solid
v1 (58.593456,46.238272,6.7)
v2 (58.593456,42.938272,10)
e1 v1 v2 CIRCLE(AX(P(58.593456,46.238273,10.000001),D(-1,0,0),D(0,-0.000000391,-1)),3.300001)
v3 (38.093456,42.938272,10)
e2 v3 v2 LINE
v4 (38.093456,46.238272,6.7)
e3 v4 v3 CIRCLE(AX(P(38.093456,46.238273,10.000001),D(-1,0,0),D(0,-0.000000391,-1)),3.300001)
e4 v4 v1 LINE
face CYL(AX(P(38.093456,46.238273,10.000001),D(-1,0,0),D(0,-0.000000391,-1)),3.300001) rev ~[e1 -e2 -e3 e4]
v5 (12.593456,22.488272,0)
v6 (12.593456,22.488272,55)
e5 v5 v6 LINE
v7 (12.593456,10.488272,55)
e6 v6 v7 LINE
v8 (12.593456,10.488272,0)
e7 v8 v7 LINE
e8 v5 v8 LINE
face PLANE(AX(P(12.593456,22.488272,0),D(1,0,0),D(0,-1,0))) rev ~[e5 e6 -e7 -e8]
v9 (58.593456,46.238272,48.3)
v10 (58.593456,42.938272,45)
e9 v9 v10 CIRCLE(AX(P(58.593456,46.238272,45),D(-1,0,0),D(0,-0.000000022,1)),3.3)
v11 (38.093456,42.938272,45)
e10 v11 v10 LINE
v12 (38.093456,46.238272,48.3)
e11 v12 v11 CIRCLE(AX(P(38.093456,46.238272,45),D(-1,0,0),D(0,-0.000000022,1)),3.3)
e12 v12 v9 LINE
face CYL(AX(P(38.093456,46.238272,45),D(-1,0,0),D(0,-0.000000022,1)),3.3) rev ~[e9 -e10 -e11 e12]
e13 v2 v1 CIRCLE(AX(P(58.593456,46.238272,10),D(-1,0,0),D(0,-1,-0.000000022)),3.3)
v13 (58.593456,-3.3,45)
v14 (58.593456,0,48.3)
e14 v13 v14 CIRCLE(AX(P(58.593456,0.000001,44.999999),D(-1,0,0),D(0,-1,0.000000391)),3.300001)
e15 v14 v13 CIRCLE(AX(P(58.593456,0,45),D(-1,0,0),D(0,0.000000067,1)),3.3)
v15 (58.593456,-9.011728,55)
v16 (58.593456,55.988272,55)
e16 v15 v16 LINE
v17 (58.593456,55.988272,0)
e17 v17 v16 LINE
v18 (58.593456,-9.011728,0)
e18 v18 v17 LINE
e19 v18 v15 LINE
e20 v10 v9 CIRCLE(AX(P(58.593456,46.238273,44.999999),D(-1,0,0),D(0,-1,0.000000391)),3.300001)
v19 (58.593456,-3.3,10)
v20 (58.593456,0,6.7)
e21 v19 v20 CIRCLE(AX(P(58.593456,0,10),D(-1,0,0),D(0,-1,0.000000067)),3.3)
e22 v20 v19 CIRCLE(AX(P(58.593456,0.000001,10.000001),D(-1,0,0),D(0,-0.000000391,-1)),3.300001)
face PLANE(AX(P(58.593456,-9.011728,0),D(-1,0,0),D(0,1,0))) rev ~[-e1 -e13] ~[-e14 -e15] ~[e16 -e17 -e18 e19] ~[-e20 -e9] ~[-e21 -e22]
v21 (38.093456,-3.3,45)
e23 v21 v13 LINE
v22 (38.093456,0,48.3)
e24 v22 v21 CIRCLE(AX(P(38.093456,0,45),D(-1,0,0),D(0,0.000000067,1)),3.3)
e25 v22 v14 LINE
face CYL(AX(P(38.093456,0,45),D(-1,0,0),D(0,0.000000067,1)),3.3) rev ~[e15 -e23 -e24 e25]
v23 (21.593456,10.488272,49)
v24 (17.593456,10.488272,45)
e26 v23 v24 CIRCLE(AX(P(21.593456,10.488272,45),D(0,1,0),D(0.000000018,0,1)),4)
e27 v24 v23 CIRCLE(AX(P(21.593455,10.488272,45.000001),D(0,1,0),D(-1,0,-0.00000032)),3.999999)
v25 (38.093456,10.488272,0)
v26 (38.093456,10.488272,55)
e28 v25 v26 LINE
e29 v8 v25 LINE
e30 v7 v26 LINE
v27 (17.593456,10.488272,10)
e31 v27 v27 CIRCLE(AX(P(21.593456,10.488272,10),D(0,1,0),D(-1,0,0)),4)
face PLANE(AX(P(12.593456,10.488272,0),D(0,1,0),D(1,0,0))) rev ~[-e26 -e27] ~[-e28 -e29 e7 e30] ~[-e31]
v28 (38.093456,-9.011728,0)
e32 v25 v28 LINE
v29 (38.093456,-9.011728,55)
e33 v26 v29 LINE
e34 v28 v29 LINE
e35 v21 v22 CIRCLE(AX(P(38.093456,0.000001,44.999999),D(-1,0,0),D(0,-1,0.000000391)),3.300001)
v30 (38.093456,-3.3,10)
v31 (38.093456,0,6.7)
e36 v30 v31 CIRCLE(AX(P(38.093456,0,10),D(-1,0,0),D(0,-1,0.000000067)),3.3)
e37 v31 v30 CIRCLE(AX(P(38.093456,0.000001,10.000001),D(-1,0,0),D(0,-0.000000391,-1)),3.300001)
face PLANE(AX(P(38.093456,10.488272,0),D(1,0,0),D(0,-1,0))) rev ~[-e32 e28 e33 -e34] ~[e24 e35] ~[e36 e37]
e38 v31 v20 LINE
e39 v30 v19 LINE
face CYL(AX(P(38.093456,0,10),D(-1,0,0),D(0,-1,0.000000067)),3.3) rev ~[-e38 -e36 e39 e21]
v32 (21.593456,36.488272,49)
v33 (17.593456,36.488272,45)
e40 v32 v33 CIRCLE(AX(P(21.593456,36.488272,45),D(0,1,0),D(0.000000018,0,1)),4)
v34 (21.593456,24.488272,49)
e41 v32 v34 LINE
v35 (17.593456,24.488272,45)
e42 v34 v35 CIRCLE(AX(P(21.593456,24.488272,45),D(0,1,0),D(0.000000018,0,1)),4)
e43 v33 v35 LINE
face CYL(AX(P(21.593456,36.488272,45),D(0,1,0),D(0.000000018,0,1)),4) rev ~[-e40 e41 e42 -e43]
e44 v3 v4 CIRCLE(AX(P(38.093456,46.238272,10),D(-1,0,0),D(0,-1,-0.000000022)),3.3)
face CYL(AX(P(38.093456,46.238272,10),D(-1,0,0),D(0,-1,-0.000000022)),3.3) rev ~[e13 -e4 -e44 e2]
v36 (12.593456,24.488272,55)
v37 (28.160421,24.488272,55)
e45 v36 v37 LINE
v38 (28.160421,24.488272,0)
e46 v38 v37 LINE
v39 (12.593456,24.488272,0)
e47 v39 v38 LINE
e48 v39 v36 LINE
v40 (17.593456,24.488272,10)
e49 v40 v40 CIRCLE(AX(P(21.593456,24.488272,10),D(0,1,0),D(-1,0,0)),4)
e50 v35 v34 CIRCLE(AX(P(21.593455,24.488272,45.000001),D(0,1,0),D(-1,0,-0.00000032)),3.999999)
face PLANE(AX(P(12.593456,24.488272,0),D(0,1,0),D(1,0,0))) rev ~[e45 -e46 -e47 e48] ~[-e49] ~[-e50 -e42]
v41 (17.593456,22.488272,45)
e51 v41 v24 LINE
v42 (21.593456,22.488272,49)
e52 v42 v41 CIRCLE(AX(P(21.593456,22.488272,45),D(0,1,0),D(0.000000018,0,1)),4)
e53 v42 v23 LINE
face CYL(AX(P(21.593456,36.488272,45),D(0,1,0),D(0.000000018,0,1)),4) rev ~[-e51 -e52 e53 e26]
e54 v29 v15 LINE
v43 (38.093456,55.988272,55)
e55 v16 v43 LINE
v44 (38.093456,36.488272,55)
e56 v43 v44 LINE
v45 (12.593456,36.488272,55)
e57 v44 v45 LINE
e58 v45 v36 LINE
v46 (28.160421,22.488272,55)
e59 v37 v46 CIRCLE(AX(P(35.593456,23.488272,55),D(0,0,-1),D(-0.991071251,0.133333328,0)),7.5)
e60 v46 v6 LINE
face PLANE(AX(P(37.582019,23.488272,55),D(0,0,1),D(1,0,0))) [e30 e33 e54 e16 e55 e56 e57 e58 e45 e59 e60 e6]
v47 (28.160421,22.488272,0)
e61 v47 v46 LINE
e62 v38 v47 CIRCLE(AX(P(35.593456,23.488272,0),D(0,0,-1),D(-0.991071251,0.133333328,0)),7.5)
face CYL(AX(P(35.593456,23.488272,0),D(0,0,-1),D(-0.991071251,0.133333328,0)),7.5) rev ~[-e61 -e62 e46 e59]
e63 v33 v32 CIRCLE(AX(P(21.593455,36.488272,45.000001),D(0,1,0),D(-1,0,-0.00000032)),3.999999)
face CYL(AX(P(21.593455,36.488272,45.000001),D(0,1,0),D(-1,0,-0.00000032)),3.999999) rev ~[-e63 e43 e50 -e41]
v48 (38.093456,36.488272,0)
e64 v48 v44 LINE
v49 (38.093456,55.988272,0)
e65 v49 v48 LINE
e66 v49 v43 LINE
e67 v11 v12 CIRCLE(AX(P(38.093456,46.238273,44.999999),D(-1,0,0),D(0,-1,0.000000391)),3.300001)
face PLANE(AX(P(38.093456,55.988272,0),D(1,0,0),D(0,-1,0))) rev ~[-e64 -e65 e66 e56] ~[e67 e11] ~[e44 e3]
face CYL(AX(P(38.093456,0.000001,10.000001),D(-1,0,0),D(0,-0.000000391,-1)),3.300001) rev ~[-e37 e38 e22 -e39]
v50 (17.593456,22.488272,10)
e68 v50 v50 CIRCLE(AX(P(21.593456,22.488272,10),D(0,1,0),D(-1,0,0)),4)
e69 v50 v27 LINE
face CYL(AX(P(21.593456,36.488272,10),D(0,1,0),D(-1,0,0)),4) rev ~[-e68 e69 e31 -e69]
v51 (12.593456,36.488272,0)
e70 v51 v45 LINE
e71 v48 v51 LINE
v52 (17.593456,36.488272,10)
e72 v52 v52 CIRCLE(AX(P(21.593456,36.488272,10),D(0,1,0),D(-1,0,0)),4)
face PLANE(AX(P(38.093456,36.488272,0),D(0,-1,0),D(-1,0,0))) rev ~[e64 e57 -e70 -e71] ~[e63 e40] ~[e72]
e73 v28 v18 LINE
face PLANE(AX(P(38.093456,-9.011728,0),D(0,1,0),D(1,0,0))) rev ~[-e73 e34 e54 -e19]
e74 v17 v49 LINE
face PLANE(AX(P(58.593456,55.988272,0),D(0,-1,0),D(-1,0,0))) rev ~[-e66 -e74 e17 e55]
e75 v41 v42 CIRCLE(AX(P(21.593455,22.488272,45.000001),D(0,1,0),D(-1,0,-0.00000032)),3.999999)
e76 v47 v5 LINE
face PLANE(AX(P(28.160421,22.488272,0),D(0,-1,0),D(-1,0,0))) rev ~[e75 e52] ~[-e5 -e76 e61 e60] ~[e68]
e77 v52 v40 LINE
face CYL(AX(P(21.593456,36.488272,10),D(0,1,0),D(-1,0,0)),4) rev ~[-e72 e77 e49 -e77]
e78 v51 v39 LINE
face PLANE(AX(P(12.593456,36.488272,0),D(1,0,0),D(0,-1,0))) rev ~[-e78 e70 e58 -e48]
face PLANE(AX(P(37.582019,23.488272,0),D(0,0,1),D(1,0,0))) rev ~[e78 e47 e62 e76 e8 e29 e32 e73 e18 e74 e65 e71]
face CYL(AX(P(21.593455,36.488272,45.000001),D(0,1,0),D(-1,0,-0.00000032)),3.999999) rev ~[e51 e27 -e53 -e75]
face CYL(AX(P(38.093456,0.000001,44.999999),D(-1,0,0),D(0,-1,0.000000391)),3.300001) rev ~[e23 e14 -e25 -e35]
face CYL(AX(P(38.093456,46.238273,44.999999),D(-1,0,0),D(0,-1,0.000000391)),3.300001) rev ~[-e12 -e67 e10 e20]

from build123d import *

# Parameters (mm, degrees)
F1_DEPTH  = 55
F2_R      = 4
F3_DEPTH  = 29.3
F5_DEPTH  = 33.2
F7_DEPTH  = 34.5
F1_FACE_R = 3.3
F9_DEPTH  = 37.2


with BuildPart() as f1:
    # F0 (on Top) → F1 (new body)
    with BuildSketch(Plane.XY):
        with BuildLine():
            Line((58.593456, -9.011728), (58.593456, 55.988272))
            Line((58.593456, 55.988272), (38.093456, 55.988272))
            Line((38.093456, 55.988272), (38.093456, 36.488272))
            Line((38.093456, 36.488272), (12.593456, 36.488272))
            Line((12.593456, 36.488272), (12.593456, 24.488272))
            Line((12.593456, 24.488272), (28.160421, 24.488272))
            ThreePointArc((28.160421, 24.488272), (43.093456, 23.488272), (28.160421, 22.488272))
            Line((28.160421, 22.488272), (12.593456, 22.488272))
            Line((12.593456, 22.488272), (12.593456, 10.488272))
            Line((12.593456, 10.488272), (38.093456, 10.488272))
            Line((38.093456, 10.488272), (38.093456, -9.011728))
            Line((38.093456, -9.011728), (58.593456, -9.011728))
        make_face()
    extrude(amount=F1_DEPTH)

    # F2 (on face) → F3 (cut)
    with BuildSketch(Plane(origin=(0, 36.488272, 0), x_dir=(-1, 0, 0), z_dir=(0, 1, 0))):
        with Locations((-21.593456, 10)):
            Circle(F2_R)
        with BuildLine():
            ThreePointArc((-17.593456, 45), (-18.765028, 47.828427), (-21.593456, 49))
            ThreePointArc((-21.593456, 49), (-24.421883, 42.171573), (-17.593456, 45))
        make_face()
    extrude(amount=-F3_DEPTH, mode=Mode.SUBTRACT)

    # F4 (on face) → F5 (cut)
    with BuildSketch(Plane(origin=(38.093456, 0, 0), x_dir=(0, -1, 0), z_dir=(-1, 0, 0))):
        with BuildLine():
            ThreePointArc((3.3, 45), (2.333452, 47.333452), (0, 48.3))
            ThreePointArc((0, 48.3), (-2.333452, 42.666548), (3.3, 45))
        make_face()
        with BuildLine():
            ThreePointArc((3.3, 10), (-2.333452, 12.333452), (0, 6.7))
            ThreePointArc((0, 6.7), (2.333452, 7.666548), (3.3, 10))
        make_face()
    extrude(amount=-F5_DEPTH, mode=Mode.SUBTRACT)

    # F6 (on face) → F7 (cut)
    with BuildSketch(Plane(origin=(38.093456, 0, 0), x_dir=(0, -1, 0), z_dir=(-1, 0, 0))):
        with BuildLine():
            ThreePointArc((-42.938272, 45), (-43.90482, 47.333452), (-46.238272, 48.3))
            ThreePointArc((-46.238272, 48.3), (-48.571725, 42.666548), (-42.938272, 45))
        make_face()
    extrude(amount=-F7_DEPTH, mode=Mode.SUBTRACT)

    # F8 (on face) + F1_face (on face) → F9 (cut)
    with BuildSketch(Plane(origin=(38.093456, 0, 0), x_dir=(0, -1, 0), z_dir=(-1, 0, 0))):
        with BuildLine():
            ThreePointArc((-42.938272, 10), (-48.571725, 12.333452), (-46.238272, 6.7))
            ThreePointArc((-46.238272, 6.7), (-43.90482, 7.666548), (-42.938272, 10))
        make_face()
    with BuildSketch(Plane(origin=(25.343456, 36.488272, 27.5), x_dir=(-1, 0, 0), z_dir=(0, 1, 0))):
        Polygon((-33.25, 27.5), (-33.25, -27.5), (-33.25, -27.5), (-33.25, 27.5), align=None)
        with Locations((-33.25, 17.5)):
            Circle(F1_FACE_R, mode=Mode.SUBTRACT)
        with Locations((-33.25, 17.5)):
            Circle(F1_FACE_R, mode=Mode.SUBTRACT)
        with Locations((-33.25, -17.5)):
            Circle(F1_FACE_R, mode=Mode.SUBTRACT)
    extrude(amount=-F9_DEPTH, mode=Mode.SUBTRACT)


solid = f1.part
